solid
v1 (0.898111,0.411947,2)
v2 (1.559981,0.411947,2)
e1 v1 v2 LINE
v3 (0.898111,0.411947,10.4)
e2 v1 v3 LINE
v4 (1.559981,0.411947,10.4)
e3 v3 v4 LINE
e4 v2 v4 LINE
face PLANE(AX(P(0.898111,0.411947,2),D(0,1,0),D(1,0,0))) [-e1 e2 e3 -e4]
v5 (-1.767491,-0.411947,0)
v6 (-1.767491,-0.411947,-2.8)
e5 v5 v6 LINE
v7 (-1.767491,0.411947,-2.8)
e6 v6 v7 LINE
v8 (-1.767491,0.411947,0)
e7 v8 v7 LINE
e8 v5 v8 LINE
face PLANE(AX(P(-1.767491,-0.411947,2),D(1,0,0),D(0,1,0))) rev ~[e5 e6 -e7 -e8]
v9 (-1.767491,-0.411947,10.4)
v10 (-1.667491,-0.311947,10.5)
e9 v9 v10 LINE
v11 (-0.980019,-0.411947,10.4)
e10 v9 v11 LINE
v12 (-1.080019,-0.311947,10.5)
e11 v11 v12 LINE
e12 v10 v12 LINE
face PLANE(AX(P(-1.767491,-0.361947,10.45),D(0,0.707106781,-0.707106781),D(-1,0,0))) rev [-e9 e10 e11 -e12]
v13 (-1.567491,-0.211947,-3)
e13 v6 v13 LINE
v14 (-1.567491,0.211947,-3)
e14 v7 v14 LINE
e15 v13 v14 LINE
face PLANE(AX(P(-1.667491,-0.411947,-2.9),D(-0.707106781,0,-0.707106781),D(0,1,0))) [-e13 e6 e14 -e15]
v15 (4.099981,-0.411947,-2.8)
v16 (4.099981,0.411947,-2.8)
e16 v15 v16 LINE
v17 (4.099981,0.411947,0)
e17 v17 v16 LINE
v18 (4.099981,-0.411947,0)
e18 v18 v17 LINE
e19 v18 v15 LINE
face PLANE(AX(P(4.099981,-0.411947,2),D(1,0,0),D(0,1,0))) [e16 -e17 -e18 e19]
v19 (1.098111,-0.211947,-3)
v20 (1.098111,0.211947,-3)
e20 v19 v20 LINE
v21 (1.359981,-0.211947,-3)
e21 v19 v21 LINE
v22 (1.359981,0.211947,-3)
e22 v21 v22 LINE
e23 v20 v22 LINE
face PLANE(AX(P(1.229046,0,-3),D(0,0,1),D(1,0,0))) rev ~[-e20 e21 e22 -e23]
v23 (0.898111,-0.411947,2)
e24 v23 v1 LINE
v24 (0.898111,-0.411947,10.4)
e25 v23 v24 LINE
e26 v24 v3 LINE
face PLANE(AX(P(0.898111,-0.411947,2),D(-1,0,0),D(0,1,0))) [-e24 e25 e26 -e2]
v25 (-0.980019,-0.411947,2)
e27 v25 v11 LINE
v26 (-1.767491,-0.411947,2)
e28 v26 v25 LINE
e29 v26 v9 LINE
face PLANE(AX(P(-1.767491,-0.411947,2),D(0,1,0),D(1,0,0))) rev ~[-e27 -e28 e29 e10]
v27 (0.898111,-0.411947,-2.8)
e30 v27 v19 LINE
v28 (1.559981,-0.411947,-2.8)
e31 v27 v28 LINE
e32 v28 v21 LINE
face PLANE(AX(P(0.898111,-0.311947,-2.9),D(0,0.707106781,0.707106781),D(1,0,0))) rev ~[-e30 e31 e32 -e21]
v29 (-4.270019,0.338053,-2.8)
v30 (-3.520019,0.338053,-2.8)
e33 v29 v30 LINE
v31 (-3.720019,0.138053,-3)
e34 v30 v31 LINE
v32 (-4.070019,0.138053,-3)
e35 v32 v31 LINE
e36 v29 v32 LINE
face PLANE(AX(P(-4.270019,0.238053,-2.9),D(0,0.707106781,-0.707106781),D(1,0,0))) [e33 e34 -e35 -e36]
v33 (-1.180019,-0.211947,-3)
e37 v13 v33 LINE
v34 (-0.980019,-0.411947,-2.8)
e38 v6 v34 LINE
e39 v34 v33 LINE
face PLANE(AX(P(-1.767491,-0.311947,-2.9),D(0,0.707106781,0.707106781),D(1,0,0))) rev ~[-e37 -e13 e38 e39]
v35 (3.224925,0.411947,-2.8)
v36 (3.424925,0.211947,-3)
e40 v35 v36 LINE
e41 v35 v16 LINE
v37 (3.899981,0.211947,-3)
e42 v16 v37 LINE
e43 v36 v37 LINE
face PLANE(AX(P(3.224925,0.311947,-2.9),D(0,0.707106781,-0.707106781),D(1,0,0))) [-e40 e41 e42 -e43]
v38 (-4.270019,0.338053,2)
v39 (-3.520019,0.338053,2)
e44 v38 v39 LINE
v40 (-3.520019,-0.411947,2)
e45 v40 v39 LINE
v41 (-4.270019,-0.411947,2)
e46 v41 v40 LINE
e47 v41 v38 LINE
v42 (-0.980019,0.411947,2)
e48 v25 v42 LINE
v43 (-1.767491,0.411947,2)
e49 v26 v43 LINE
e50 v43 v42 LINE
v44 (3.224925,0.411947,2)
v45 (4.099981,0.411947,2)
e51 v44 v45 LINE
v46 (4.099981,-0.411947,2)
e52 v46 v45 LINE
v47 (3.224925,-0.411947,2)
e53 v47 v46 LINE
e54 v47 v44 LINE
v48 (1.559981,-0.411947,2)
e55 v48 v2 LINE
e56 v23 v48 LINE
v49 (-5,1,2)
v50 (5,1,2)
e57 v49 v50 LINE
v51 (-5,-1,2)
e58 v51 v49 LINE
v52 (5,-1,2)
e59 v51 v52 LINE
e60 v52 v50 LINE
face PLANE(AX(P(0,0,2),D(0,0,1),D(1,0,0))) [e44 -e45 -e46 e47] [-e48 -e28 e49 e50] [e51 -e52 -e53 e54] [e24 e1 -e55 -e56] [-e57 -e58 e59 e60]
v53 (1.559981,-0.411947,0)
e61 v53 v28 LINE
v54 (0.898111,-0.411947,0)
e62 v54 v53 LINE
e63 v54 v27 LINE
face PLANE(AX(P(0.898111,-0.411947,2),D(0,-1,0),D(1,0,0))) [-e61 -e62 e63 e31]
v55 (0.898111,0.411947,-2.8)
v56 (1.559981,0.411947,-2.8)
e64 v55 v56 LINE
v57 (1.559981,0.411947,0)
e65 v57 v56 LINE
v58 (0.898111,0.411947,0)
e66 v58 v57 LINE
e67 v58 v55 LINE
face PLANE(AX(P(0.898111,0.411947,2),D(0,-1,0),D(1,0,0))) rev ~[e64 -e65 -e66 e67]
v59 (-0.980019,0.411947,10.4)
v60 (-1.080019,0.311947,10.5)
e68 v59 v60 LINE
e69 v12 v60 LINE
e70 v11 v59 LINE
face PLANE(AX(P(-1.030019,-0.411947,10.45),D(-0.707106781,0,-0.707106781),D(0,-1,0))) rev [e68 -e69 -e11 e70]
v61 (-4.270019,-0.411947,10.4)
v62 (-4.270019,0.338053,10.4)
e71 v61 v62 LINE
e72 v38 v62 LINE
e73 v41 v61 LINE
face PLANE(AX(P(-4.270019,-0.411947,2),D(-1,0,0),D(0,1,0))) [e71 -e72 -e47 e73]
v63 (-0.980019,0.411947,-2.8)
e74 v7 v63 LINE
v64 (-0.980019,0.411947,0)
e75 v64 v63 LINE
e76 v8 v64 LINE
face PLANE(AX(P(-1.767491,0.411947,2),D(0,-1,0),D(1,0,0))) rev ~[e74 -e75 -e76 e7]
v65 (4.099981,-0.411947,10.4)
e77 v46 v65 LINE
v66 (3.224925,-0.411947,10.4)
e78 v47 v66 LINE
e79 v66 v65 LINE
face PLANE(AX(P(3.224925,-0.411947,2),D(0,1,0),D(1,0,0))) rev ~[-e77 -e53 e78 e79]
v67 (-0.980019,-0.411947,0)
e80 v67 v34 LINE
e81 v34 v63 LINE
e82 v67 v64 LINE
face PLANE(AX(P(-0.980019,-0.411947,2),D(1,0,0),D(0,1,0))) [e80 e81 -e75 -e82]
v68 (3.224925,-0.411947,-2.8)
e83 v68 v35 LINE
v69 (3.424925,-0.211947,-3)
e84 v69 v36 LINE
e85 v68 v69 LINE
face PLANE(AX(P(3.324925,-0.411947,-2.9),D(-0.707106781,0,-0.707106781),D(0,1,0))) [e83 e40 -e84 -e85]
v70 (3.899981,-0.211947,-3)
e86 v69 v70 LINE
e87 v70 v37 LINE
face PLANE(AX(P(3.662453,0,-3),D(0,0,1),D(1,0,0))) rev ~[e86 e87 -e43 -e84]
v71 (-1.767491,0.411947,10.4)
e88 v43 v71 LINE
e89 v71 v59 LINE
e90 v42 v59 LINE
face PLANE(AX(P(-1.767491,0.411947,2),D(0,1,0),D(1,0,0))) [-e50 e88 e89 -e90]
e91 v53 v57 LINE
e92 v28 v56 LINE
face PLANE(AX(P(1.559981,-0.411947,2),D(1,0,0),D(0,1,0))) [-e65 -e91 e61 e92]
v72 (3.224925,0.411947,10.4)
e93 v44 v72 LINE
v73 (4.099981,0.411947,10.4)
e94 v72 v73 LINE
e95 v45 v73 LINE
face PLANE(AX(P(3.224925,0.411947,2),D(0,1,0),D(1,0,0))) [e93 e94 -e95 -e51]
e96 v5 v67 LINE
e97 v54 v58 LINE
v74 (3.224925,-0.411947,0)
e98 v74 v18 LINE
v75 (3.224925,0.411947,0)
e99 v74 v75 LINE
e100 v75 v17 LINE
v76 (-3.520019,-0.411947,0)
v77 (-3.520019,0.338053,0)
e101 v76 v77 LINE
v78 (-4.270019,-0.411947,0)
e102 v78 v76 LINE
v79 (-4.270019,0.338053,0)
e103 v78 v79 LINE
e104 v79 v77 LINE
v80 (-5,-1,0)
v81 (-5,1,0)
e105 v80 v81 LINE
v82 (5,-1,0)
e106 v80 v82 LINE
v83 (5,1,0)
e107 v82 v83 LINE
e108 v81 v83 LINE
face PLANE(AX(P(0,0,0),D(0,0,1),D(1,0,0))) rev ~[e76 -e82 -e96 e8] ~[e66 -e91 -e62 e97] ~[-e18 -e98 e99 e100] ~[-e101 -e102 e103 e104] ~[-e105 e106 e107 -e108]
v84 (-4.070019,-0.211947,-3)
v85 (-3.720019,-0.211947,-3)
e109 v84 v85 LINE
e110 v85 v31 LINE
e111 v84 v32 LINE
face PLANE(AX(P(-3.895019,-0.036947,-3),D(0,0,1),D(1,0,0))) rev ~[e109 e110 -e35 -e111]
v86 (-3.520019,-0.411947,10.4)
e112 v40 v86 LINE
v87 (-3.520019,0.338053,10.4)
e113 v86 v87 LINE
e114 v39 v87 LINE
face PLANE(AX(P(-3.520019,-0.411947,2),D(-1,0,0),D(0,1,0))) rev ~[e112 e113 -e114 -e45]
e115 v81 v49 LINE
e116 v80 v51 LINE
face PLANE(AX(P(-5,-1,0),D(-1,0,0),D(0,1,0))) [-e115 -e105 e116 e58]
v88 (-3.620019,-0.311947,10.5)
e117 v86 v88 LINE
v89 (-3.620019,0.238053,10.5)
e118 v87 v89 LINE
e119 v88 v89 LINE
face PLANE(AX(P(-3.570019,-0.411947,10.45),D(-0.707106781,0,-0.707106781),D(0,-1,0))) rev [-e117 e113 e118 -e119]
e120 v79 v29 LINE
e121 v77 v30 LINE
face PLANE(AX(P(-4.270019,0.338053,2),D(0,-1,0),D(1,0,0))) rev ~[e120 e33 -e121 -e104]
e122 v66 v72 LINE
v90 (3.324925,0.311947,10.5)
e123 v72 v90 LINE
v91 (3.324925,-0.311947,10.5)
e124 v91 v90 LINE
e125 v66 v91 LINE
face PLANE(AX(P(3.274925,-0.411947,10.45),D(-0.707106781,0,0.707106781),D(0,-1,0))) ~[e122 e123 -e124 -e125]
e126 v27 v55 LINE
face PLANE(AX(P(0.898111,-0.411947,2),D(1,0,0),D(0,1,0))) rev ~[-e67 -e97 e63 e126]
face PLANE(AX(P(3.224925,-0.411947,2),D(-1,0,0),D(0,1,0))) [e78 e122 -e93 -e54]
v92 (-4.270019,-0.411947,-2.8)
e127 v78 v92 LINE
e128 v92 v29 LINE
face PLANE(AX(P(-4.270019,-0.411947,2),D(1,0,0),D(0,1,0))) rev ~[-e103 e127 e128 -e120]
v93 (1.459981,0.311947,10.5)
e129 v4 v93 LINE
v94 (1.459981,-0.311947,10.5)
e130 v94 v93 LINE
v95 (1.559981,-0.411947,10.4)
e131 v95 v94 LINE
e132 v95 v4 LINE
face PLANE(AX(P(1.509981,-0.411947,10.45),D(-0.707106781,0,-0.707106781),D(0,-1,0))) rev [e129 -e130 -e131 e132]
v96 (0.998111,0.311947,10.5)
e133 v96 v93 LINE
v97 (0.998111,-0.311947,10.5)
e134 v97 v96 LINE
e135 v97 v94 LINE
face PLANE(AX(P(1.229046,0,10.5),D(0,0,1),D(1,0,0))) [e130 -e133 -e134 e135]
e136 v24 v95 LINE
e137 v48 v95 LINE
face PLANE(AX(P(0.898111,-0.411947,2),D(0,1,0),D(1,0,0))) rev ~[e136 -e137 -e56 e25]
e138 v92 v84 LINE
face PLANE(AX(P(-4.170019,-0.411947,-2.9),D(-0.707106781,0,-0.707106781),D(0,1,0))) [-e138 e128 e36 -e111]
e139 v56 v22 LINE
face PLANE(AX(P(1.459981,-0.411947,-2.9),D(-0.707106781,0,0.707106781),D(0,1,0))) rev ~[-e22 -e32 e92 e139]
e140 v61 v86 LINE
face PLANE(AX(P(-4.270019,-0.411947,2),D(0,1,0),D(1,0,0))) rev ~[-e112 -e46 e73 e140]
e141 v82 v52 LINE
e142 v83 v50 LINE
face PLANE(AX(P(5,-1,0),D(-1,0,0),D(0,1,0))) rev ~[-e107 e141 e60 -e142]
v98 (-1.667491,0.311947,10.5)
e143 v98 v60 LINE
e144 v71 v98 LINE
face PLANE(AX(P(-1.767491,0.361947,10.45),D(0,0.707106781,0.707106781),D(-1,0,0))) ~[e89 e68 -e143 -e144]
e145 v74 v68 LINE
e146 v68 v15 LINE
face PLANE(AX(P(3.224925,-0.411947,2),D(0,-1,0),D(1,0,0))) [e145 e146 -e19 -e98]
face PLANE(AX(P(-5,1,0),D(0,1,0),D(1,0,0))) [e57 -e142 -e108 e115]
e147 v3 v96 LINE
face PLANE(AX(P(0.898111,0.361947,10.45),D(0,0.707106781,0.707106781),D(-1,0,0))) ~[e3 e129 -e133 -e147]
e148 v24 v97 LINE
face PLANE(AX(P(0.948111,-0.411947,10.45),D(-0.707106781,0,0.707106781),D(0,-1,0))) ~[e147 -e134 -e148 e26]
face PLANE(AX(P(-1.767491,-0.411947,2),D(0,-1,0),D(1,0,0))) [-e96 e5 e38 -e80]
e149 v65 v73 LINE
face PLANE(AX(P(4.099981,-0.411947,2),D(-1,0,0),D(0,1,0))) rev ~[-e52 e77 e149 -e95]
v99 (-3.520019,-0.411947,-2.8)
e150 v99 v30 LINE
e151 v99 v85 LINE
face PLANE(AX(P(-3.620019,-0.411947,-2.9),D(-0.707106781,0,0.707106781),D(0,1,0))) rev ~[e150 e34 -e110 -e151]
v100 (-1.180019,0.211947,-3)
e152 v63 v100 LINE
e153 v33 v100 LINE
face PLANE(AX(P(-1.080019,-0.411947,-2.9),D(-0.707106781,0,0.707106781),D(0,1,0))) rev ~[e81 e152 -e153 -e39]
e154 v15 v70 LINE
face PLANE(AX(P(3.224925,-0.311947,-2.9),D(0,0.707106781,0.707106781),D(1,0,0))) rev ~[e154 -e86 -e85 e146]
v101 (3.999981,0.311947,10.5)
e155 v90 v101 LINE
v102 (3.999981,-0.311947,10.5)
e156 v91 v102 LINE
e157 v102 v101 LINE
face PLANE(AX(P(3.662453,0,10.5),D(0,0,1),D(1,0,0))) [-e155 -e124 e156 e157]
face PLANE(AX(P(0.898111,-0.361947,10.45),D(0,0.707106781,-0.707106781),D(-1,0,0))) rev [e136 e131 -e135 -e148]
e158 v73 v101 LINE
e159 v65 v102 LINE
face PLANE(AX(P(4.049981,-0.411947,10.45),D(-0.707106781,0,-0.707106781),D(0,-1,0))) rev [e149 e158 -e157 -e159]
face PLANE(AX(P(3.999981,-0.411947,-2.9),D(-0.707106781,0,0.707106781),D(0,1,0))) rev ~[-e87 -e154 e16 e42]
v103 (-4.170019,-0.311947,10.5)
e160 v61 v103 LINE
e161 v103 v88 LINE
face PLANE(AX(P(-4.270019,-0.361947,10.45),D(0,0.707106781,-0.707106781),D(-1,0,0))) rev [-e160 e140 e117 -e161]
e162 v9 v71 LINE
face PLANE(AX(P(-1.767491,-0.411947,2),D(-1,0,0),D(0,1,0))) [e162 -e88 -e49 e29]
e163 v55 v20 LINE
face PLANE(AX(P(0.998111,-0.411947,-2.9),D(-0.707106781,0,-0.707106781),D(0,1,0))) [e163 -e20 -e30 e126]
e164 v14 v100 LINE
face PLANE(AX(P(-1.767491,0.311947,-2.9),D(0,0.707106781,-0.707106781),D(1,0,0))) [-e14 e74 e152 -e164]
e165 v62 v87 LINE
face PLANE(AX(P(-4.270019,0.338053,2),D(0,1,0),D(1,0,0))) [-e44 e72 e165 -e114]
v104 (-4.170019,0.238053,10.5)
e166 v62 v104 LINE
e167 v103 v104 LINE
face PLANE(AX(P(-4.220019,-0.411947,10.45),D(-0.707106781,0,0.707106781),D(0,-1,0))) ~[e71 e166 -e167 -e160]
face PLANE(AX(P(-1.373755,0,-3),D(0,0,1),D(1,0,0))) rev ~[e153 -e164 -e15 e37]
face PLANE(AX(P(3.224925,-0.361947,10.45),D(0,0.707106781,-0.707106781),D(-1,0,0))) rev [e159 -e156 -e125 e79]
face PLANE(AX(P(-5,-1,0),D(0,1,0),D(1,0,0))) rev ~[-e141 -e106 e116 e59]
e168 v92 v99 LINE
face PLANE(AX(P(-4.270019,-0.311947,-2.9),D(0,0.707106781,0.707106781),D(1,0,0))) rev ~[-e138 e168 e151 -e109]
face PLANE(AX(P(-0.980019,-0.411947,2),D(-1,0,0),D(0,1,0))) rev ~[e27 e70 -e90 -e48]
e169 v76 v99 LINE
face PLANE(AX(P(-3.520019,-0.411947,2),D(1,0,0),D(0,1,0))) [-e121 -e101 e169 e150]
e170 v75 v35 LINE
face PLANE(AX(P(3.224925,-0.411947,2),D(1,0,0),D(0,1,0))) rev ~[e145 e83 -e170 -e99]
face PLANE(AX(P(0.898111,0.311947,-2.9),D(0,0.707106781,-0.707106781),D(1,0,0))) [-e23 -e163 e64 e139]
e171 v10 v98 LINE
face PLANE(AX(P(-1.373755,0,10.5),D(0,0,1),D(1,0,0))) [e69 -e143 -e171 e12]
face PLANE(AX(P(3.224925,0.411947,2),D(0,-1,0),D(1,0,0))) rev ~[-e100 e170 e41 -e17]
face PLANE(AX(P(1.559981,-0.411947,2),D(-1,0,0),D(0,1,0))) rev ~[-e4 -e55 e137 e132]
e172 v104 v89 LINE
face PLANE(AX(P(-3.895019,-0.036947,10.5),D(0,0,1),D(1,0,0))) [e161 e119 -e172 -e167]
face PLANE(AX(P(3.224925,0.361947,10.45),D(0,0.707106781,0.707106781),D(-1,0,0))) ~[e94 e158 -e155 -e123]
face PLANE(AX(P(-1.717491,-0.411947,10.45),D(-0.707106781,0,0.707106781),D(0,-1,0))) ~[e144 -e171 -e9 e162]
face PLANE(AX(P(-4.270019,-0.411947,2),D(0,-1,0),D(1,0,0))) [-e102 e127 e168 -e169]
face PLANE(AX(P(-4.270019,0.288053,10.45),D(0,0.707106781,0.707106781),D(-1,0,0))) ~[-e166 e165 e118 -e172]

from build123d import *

# Parameters (mm, degrees)
F0_W          = 10
F0_H          = 2
F1_DEPTH      = 2
F2_W          = 0.75
F2_H          = 0.75
F2_W_2        = 0.787472
F2_H_2        = 0.823894
F2_W_3        = 0.66187
F2_W_4        = 0.875056
F3_DEPTH      = 8.5
F3_DEPTH_BACK = 5
F4_SIZE       = 0.1
F5_SIZE       = 0.1
F6_SIZE       = 0.1
F7_SIZE       = 0.1
F8_SIZE       = 0.2


with BuildPart() as f1:
    # F0 (on Top) → F1 (new body)
    with BuildSketch(Plane.XY):
        Rectangle(F0_W, F0_H)
    extrude(amount=F1_DEPTH)

    # F2 (on face) → F3 (join, two sides)
    with BuildSketch(Plane.XY.offset(2)) as f3_sk:
        with Locations((-3.895019, -0.036947)):
            Rectangle(F2_W, F2_H)
        with Locations((-1.373755, 0)):
            Rectangle(F2_W_2, F2_H_2)
        with Locations((1.229046, 0)):
            Rectangle(F2_W_3, F2_H_2)
        with Locations((3.662453, 0)):
            Rectangle(F2_W_4, F2_H_2)
    extrude(amount=F3_DEPTH)
    extrude(f3_sk.sketch, amount=-F3_DEPTH_BACK)

    # F4
    f4_edges = [f1.edges().sort_by_distance(p)[0] for p in [
        (-3.895019, -0.411947, 10.5),
        (-3.520019, -0.036947, 10.5),
        (-3.895019, 0.338053, 10.5),
        (-4.270019, -0.036947, 10.5),
    ]]
    chamfer(f4_edges, length=F4_SIZE)

    # F5
    f5_edges = [f1.edges().sort_by_distance(p)[0] for p in [
        (-1.373755, -0.411947, 10.5),
        (-0.980019, 0, 10.5),
        (-1.373755, 0.411947, 10.5),
        (-1.767491, 0, 10.5),
    ]]
    chamfer(f5_edges, length=F5_SIZE)

    # F6
    f6_edges = [f1.edges().sort_by_distance(p)[0] for p in [
        (0.898111, 0, 10.5),
        (1.229046, -0.411947, 10.5),
        (1.559981, 0, 10.5),
        (1.229046, 0.411947, 10.5),
    ]]
    chamfer(f6_edges, length=F6_SIZE)

    # F7
    f7_edges = [f1.edges().sort_by_distance(p)[0] for p in [
        (3.224925, 0, 10.5),
        (3.662453, -0.411947, 10.5),
        (4.099981, 0, 10.5),
        (3.662453, 0.411947, 10.5),
    ]]
    chamfer(f7_edges, length=F7_SIZE)

    # F8
    f8_edges = [f1.edges().sort_by_distance(p)[0] for p in [
        (3.224925, 0, -3),
        (3.662453, -0.411947, -3),
        (4.099981, 0, -3),
        (3.662453, 0.411947, -3),
        (0.898111, 0, -3),
        (1.229046, -0.411947, -3),
        (1.559981, 0, -3),
        (1.229046, 0.411947, -3),
        (-1.373755, 0.411947, -3),
        (-1.767491, 0, -3),
        (-1.373755, -0.411947, -3),
        (-0.980019, 0, -3),
        (-3.520019, -0.036947, -3),
        (-3.895019, 0.338053, -3),
        (-4.270019, -0.036947, -3),
        (-3.895019, -0.411947, -3),
    ]]
    chamfer(f8_edges, length=F8_SIZE)


solid = f1.part
